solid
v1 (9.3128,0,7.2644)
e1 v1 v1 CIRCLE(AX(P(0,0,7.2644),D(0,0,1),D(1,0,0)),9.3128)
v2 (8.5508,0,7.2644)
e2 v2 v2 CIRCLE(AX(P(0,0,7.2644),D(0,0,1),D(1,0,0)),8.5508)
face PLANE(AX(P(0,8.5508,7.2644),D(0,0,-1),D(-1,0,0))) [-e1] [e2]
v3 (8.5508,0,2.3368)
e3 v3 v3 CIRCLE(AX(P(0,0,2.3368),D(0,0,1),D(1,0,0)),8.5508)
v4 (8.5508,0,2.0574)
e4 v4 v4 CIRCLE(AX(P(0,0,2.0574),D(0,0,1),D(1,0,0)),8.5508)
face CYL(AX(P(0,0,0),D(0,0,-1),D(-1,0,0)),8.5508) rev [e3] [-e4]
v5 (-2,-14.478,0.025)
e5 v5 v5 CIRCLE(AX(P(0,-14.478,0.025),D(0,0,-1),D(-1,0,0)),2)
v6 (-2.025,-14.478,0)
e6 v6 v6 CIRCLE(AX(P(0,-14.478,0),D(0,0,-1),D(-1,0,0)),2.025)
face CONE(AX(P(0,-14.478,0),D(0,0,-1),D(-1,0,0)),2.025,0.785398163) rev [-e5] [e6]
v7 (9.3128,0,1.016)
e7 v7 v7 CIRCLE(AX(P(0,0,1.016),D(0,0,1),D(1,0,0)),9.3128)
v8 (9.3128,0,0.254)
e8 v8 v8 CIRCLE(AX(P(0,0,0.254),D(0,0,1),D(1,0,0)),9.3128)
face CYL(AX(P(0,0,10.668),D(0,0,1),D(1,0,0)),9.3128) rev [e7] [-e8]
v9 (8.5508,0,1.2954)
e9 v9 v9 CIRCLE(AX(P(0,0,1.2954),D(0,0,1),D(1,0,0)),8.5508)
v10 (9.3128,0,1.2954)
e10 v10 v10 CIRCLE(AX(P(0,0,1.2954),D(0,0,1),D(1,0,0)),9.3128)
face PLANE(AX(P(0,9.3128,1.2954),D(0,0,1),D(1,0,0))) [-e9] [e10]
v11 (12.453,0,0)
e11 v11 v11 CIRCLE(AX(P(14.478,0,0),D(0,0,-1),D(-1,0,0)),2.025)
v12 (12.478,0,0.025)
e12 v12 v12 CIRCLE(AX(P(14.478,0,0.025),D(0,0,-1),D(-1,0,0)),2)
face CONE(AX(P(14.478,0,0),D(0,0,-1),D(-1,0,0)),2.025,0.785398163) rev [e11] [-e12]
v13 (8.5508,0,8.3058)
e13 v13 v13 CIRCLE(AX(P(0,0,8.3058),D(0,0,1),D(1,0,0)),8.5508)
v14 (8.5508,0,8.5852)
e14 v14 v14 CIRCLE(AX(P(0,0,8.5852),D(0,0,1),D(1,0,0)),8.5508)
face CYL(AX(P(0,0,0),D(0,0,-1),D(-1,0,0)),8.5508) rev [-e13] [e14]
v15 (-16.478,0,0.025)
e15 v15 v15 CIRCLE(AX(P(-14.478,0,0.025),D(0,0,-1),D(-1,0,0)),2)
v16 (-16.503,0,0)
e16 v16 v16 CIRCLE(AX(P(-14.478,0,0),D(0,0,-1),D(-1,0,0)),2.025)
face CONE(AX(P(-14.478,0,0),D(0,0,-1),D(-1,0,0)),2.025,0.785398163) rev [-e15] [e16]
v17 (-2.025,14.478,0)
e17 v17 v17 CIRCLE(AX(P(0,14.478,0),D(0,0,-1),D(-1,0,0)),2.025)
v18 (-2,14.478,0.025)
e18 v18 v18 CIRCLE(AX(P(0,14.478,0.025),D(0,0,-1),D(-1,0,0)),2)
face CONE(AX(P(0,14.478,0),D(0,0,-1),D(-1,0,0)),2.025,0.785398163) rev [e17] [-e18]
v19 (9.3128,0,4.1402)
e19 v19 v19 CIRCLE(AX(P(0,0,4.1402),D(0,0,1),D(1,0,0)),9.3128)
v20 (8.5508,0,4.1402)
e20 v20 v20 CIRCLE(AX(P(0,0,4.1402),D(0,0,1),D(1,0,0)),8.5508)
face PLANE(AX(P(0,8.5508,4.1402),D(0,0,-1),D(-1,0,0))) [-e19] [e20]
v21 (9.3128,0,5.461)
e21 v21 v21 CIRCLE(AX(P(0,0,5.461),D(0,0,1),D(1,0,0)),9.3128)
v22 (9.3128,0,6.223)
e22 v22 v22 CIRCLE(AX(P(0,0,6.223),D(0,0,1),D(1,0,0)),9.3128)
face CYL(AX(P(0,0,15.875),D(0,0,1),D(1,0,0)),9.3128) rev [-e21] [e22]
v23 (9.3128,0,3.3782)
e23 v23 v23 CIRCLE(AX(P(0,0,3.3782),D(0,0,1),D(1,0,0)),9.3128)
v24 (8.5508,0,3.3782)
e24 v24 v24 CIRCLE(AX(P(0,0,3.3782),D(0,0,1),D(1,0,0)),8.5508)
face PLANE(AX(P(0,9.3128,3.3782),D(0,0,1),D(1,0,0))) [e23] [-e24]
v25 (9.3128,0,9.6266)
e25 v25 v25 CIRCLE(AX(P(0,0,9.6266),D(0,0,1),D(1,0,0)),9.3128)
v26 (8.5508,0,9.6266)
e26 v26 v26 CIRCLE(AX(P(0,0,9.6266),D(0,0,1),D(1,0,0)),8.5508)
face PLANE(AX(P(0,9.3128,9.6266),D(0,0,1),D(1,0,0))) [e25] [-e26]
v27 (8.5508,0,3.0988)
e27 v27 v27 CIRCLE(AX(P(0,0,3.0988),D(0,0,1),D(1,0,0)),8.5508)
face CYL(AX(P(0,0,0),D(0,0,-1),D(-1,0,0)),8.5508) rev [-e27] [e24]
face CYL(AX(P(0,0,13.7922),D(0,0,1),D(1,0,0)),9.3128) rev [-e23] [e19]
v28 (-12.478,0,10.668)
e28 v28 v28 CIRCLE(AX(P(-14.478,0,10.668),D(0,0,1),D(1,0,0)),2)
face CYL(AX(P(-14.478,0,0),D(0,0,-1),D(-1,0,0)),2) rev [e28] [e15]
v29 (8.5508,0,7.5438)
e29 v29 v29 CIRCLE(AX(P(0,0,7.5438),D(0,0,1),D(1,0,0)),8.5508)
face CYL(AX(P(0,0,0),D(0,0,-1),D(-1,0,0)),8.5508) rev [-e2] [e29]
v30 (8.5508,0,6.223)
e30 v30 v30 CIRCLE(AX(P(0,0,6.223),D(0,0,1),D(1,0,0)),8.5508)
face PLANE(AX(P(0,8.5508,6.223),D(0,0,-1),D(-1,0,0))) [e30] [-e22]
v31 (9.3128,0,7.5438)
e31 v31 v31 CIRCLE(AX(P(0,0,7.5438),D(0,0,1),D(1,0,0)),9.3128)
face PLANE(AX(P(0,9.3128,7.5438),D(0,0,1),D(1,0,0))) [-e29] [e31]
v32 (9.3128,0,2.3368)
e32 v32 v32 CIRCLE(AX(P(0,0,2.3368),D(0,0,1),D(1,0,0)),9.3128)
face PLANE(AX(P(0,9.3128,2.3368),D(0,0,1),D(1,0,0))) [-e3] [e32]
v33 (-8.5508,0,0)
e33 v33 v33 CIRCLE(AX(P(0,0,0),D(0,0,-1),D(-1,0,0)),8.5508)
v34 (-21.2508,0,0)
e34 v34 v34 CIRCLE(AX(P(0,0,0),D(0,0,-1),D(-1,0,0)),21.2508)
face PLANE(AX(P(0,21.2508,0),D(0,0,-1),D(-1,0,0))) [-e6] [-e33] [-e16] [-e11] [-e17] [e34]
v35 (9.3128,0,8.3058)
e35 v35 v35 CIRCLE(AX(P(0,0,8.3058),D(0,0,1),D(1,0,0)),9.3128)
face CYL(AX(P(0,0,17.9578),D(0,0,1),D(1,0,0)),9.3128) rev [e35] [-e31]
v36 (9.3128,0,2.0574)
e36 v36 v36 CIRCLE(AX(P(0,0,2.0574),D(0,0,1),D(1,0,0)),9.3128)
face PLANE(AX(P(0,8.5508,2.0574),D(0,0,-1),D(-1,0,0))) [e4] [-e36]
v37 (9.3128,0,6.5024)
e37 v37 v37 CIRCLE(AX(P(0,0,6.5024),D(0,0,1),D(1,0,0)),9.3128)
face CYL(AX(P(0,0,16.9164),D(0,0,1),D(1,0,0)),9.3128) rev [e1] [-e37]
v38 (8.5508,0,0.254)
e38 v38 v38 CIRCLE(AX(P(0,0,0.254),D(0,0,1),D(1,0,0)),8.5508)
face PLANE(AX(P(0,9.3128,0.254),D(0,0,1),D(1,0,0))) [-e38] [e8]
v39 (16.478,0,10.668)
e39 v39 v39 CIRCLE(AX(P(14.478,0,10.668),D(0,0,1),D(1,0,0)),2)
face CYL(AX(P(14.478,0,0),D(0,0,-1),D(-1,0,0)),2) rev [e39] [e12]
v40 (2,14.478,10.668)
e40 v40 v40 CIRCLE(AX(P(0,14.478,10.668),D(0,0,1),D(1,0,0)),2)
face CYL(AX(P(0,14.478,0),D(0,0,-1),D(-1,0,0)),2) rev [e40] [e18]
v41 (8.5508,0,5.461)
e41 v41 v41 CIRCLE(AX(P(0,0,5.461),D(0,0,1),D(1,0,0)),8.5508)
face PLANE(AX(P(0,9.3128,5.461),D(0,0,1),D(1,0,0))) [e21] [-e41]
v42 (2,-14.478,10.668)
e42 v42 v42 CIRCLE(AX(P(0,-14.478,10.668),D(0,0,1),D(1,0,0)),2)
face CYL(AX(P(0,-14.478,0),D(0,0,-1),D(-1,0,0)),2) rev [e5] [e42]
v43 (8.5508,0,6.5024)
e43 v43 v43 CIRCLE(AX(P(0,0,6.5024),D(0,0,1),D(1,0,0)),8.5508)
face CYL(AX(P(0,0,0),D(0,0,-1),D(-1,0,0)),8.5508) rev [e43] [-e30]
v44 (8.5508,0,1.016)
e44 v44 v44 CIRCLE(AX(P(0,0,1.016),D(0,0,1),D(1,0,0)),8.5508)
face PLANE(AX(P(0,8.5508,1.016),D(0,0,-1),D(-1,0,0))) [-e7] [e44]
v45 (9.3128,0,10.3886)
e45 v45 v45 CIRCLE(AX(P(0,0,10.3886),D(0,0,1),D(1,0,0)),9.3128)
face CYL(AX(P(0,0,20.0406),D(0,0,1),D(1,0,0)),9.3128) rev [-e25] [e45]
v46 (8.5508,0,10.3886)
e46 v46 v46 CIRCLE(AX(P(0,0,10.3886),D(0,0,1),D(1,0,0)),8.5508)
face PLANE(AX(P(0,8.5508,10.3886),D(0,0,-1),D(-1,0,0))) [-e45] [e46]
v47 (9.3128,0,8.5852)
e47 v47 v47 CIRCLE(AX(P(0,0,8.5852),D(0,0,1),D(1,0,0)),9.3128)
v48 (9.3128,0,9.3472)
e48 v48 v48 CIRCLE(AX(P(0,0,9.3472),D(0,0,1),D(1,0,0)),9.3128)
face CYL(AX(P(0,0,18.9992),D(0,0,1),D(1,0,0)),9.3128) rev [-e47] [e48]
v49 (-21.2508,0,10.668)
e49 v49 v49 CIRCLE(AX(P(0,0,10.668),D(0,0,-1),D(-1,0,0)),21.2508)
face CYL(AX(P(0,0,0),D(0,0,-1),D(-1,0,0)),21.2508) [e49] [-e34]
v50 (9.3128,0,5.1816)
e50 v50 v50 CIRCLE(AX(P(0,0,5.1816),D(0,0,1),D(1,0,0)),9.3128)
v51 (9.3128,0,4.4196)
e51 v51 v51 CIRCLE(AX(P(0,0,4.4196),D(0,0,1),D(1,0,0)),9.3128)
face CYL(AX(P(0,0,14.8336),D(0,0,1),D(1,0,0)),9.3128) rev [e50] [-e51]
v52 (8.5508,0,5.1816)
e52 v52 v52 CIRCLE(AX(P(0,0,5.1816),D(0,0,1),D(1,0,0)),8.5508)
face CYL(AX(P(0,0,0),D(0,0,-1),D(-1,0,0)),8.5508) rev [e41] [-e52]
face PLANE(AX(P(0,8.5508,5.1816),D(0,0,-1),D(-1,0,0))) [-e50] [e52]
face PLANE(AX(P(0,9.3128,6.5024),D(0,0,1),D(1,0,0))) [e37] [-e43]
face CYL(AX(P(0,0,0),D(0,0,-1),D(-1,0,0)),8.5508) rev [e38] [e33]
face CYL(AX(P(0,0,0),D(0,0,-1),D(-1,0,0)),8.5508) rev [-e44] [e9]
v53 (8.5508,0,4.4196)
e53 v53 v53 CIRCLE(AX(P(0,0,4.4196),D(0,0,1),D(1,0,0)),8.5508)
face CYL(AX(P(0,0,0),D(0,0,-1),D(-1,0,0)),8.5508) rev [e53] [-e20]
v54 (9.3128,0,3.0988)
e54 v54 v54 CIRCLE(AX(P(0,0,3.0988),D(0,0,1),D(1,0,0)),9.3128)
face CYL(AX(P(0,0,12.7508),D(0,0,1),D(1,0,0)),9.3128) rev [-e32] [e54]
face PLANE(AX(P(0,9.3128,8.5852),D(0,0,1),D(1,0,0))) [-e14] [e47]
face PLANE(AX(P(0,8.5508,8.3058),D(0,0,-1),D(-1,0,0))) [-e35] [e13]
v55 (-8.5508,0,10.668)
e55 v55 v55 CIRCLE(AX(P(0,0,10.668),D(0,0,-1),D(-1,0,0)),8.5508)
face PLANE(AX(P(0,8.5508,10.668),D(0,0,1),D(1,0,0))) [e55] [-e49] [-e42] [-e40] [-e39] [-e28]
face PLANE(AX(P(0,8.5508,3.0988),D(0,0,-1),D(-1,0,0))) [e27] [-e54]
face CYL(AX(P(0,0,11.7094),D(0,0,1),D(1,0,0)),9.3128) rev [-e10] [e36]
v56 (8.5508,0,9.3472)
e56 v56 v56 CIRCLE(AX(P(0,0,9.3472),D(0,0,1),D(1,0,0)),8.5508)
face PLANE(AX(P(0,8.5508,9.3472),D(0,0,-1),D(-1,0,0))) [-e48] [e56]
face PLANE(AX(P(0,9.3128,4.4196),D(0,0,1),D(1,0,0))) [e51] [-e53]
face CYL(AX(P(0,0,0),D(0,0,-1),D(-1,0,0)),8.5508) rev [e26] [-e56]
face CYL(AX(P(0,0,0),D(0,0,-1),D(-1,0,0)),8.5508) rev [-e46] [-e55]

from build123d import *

# Parameters (mm, degrees)
SKETCH1_W                       = 10.668
SKETCH1_H                       = 12.7
SKETCH2_W                       = 0.762
SKETCH2_H                       = 0.762
LPATTERN1_COUNT                 = 10
LPATTERN1_PITCH                 = 1.0414
M4X0_7_TAPPED_HOLE1_D           = 4
M4X0_7_TAPPED_HOLE1_DEPTH       = 10.668
M4X0_7_TAPPED_HOLE1_CSINK_D     = 4.05
M4X0_7_TAPPED_HOLE1_CSINK_ANGLE = 90
CIRPATTERN1_COUNT               = 4


with BuildPart() as part:
    # Sketch1 → Revolve1 (revolve)
    with BuildSketch(Plane(origin=(0, 0, 0), x_dir=(0, 0, -1), z_dir=(1, 0, 0))):
        with Locations((-5.334, 14.9008)):
            Rectangle(SKETCH1_W, SKETCH1_H)
    revolve(axis=Axis((0, 0, 0), (0, 0, 1)))

    # Sketch2 → Cut-Revolve1 (revolve, cut)
    with BuildSketch(Plane(origin=(0, 0, 0), x_dir=(0, 0, -1), z_dir=(1, 0, 0))):
        with Locations((-0.635, 8.9318)):
            Rectangle(SKETCH2_W, SKETCH2_H)
    cut_revolve1 = revolve(axis=Axis((0, 0, 10.668), (0, 0, -1)), mode=Mode.SUBTRACT)

    # LPattern1: Cut-Revolve1 ×10
    with Locations(*[(0, 0, i * LPATTERN1_PITCH) for i in range(1, LPATTERN1_COUNT)]):
        add(cut_revolve1, mode=Mode.SUBTRACT)

    # M4x0.7 Tapped Hole1
    with Locations(Plane(origin=(0, 0, 0), x_dir=(-1, 0, 0), z_dir=(0, 0, -1))):
        with Locations((0, 14.478)):
            m4x0_7_tapped_hole1 = CounterSinkHole(M4X0_7_TAPPED_HOLE1_D / 2, M4X0_7_TAPPED_HOLE1_CSINK_D / 2, depth=M4X0_7_TAPPED_HOLE1_DEPTH, counter_sink_angle=M4X0_7_TAPPED_HOLE1_CSINK_ANGLE)

    # CirPattern1: M4x0.7 Tapped Hole1 ×4 about axis
    cirpattern1_axis = Axis((0, 0, 0), (0, 0, 1))
    for i in range(1, CIRPATTERN1_COUNT):
        add(m4x0_7_tapped_hole1.rotate(cirpattern1_axis, i * 360 / CIRPATTERN1_COUNT), mode=Mode.SUBTRACT)


solid = part.part
